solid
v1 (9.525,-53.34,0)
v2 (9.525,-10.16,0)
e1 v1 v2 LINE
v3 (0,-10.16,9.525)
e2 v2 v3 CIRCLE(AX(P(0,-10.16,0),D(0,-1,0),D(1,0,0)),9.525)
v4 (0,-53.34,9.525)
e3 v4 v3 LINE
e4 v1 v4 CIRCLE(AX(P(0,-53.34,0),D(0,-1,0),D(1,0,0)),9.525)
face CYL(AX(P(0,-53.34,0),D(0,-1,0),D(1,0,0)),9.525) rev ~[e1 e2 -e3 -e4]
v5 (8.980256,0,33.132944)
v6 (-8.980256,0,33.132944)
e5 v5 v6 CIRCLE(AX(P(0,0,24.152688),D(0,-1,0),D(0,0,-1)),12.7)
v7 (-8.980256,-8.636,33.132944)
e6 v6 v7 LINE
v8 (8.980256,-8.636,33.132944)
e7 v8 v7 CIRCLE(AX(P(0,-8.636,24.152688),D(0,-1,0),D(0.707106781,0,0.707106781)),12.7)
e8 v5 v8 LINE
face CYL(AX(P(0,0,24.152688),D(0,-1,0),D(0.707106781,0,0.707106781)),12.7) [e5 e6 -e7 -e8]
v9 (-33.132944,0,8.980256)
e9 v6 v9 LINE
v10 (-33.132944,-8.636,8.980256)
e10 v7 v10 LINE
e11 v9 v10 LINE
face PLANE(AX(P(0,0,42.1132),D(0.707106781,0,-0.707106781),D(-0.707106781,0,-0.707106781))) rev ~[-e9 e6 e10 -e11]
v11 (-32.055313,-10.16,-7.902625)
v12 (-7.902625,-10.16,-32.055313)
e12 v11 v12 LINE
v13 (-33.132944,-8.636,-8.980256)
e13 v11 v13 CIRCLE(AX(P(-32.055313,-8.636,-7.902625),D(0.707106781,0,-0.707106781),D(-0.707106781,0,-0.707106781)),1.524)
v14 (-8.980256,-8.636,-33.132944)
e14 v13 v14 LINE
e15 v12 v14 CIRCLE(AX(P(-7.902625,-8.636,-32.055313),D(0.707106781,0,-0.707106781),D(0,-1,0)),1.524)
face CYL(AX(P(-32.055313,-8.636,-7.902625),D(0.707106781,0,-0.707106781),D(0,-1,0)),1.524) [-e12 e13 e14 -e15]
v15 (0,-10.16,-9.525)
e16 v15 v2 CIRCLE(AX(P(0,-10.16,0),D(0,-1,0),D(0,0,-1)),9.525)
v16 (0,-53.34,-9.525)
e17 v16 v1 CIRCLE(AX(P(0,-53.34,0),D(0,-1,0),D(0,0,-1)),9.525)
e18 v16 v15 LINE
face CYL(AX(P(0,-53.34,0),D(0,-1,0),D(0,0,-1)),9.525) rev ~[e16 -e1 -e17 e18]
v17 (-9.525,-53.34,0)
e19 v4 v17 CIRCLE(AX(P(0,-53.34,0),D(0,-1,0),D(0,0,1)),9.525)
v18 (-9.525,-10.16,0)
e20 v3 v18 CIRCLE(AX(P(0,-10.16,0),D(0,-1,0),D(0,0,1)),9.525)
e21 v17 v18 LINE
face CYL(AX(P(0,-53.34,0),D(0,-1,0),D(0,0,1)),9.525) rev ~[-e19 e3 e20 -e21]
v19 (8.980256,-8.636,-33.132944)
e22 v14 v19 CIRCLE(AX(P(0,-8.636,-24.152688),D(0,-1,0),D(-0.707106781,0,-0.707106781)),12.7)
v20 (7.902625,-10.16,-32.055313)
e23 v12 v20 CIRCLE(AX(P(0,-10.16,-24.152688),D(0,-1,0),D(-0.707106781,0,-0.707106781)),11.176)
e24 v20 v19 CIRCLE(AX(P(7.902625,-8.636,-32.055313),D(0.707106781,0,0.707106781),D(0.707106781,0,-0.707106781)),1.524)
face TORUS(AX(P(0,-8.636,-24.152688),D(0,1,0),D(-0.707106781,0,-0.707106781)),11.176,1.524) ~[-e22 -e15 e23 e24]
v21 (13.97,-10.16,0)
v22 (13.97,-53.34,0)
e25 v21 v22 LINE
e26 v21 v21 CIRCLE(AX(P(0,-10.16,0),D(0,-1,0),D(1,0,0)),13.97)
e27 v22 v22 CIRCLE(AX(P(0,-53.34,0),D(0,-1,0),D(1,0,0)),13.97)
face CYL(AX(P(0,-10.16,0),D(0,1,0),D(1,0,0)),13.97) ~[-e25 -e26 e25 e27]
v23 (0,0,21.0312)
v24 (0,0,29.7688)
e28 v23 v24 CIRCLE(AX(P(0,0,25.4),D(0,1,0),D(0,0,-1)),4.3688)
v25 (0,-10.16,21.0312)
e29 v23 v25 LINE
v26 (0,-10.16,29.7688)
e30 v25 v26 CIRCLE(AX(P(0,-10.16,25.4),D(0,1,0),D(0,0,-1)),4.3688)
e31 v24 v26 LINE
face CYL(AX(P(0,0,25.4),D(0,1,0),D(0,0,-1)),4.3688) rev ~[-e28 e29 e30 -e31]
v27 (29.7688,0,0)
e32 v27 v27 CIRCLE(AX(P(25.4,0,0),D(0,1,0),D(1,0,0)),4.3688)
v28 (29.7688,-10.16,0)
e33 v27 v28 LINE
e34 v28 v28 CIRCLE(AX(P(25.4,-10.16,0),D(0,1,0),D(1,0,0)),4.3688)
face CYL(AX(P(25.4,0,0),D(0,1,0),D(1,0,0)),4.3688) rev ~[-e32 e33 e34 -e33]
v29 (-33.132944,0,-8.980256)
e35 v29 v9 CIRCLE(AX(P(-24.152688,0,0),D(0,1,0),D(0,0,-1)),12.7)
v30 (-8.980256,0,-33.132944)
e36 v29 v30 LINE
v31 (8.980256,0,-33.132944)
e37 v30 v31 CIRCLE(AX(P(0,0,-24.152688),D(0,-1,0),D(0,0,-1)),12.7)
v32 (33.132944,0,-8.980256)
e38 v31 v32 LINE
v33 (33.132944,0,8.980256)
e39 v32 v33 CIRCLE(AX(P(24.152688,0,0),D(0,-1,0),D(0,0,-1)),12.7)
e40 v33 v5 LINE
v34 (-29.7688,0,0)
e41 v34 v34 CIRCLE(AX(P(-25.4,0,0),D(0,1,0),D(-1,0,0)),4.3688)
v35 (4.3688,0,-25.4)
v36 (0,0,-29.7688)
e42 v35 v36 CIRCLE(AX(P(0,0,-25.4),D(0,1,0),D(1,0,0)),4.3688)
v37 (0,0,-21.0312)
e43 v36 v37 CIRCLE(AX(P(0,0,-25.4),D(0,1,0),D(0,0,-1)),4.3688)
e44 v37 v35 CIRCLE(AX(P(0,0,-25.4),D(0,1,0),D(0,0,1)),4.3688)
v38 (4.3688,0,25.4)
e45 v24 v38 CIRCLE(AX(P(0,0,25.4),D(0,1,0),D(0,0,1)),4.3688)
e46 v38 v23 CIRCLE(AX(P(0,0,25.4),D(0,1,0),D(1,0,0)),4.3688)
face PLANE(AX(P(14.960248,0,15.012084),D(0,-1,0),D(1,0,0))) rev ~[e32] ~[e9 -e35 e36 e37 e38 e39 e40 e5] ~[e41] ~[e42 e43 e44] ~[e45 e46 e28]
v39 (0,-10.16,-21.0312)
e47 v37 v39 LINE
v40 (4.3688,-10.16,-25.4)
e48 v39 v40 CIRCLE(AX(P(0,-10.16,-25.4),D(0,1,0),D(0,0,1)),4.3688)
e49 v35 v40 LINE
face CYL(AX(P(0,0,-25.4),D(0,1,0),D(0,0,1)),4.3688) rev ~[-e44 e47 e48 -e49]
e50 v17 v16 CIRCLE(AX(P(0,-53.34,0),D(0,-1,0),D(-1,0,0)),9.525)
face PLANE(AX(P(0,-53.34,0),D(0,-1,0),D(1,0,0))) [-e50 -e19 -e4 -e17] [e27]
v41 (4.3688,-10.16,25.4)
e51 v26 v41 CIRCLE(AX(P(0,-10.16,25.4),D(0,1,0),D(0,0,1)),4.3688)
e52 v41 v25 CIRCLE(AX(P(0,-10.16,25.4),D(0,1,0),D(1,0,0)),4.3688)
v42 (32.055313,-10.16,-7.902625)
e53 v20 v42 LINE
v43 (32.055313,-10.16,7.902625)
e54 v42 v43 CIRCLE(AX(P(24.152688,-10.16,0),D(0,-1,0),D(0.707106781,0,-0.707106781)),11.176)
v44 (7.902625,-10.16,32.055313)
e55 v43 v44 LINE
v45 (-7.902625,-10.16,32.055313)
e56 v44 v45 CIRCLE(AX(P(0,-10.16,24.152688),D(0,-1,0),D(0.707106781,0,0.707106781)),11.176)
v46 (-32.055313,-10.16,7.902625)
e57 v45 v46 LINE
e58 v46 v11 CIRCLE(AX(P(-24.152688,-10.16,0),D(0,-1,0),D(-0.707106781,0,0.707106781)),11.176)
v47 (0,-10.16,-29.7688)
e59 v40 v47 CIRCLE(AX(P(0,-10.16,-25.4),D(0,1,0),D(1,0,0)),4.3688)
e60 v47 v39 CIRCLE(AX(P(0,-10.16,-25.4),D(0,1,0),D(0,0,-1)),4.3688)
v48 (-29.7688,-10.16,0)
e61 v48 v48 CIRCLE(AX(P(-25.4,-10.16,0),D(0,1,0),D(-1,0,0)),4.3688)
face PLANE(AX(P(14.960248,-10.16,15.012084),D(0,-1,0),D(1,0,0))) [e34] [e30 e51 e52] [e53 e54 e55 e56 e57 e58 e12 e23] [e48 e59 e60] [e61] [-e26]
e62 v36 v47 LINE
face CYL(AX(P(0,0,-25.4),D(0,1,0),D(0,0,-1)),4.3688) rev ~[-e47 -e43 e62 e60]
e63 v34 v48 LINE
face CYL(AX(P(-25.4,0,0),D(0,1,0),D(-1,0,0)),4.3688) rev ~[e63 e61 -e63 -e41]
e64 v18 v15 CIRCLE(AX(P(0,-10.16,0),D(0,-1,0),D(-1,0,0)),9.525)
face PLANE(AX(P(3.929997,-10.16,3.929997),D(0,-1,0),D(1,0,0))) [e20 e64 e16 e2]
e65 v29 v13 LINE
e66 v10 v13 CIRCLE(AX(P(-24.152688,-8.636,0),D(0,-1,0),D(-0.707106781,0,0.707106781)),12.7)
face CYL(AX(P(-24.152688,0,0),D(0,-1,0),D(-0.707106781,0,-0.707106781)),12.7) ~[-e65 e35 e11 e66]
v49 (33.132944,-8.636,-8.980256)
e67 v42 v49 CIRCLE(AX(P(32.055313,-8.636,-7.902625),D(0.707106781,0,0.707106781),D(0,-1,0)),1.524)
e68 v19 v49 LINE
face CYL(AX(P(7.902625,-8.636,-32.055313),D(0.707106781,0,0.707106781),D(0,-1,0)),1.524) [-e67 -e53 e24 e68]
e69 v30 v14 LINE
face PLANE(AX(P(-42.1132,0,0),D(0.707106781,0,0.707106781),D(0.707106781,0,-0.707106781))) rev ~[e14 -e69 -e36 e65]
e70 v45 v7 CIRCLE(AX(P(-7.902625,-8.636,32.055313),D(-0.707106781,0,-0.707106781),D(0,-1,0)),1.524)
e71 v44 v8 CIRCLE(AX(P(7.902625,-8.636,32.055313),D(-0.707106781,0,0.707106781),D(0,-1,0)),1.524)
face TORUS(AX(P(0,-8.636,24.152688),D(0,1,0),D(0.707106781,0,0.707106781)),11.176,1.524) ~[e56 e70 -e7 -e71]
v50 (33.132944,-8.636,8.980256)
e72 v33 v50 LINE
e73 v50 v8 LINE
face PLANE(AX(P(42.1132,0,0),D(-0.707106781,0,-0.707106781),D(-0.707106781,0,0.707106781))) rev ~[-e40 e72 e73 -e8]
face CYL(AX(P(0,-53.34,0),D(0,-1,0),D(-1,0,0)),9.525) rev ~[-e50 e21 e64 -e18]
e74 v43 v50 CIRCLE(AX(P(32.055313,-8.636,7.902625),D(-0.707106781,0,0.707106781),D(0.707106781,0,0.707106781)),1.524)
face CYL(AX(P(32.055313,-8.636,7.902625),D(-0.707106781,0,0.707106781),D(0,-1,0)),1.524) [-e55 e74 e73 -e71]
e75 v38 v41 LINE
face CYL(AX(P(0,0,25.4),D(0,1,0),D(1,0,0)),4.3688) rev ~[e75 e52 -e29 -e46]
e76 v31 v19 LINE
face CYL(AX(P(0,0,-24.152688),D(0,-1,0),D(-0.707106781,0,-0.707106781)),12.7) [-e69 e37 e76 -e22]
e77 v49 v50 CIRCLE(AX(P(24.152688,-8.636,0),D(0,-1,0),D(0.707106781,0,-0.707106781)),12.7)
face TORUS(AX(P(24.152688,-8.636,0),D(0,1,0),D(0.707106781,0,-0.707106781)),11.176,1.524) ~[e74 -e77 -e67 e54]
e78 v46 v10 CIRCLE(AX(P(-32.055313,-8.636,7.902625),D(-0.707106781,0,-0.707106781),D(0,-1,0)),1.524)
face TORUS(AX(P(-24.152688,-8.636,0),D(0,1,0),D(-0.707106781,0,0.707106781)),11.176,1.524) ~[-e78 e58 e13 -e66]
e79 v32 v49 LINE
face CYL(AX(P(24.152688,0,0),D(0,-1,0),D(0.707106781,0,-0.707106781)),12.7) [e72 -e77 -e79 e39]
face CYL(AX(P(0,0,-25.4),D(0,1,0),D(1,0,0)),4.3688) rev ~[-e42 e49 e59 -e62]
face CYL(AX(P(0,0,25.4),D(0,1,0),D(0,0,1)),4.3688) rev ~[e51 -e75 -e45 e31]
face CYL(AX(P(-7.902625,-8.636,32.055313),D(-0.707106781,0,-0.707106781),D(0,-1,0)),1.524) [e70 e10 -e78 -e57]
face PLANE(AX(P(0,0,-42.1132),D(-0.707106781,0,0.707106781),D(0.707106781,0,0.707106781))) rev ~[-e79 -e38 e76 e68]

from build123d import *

# Parameters (mm, degrees)
F1_DEPTH = 10.16
F2_R     = 12.7
F3_R     = 12.7
F4_R     = 1.524
F5_R     = 13.97
F6_DEPTH = 43.18
F8_DEPTH = 43.18


with BuildPart() as f1:
    # F0 (on Front) → F1 (new body)
    with BuildSketch(Plane.XZ):
        with BuildLine():
            Line((0, 21.0312), (0, 0))
            Line((0, 0), (21.0312, 0))
            ThreePointArc((21.0312, 0), (25.4, 4.3688), (29.7688, 0))
            Line((29.7688, 0), (42.1132, 0))
            Line((42.1132, 0), (0, 42.1132))
            Line((0, 42.1132), (0, 29.7688))
            ThreePointArc((0, 29.7688), (3.0892081056, 28.4892081056), (4.3688, 25.4))
            ThreePointArc((4.3688, 25.4), (3.0892081056, 22.3107918944), (0, 21.0312))
        make_face()
        with BuildLine():
            Line((21.0312, 0), (0, 0))
            Line((0, 0), (0, -21.0312))
            ThreePointArc((0, -21.0312), (3.0892081056, -22.3107918944), (4.3688, -25.4))
            ThreePointArc((4.3688, -25.4), (3.0892081056, -28.4892081056), (0, -29.7688))
            Line((0, -29.7688), (0, -42.1132))
            Line((0, -42.1132), (42.1132, 0))
            Line((42.1132, 0), (29.7688, 0))
            ThreePointArc((29.7688, 0), (25.4, -4.3688), (21.0312, 0))
        make_face()
        with BuildLine():
            Line((0, -21.0312), (0, 0))
            Line((0, 0), (-21.0312, 0))
            ThreePointArc((-21.0312, 0), (-25.4, -4.3688), (-29.7688, 0))
            Line((-29.7688, 0), (-42.1132, 0))
            Line((-42.1132, 0), (0, -42.1132))
            Line((0, -42.1132), (0, -29.7688))
            ThreePointArc((0, -29.7688), (-4.3688, -25.4), (0, -21.0312))
        make_face()
        with BuildLine():
            Line((-21.0312, 0), (0, 0))
            Line((0, 0), (0, 21.0312))
            ThreePointArc((0, 21.0312), (-4.3688, 25.4), (0, 29.7688))
            Line((0, 29.7688), (0, 42.1132))
            Line((0, 42.1132), (-42.1132, 0))
            Line((-42.1132, 0), (-29.7688, 0))
            ThreePointArc((-29.7688, 0), (-25.4, 4.3688), (-21.0312, 0))
        make_face()
    extrude(amount=F1_DEPTH)

    # F2
    f2_edges = [f1.edges().sort_by_distance(p)[0] for p in [
        (0, -5.08, 42.1132),
        (-42.1132, -5.08, 0),
    ]]
    fillet(f2_edges, radius=F2_R)

    # F3
    f3_edges = [f1.edges().sort_by_distance(p)[0] for p in [
        (42.1132, -5.08, 0),
        (0, -5.08, -42.1132),
    ]]
    fillet(f3_edges, radius=F3_R)

    # F4
    f4_edges = [f1.edges().sort_by_distance(p)[0] for p in [
        (-21.0566, -10.16, 21.0566),
        (0, -10.16, 36.852688),
        (21.0566, -10.16, 21.0566),
        (36.852688, -10.16, 0),
        (21.0566, -10.16, -21.0566),
        (0, -10.16, -36.852688),
        (-21.0566, -10.16, -21.0566),
        (-36.852688, -10.16, 0),
    ]]
    fillet(f4_edges, radius=F4_R)

    # F5 (on face) → F6 (join)
    with BuildSketch(Plane.XZ.offset(10.16)):
        Circle(F5_R)
    extrude(amount=F6_DEPTH)

    # F7 (on face) → F8 (cut)
    with BuildSketch(Plane.XZ.offset(53.34)):
        with BuildLine():
            Line((0, 0), (9.525, 0))
            ThreePointArc((9.525, 0), (6.7351920908, 6.7351920908), (0, 9.525))
            Line((0, 9.525), (0, 0))
        make_face()
        with BuildLine():
            Line((0, 0), (0, 9.525))
            ThreePointArc((0, 9.525), (-6.7351920908, 6.7351920908), (-9.525, 0))
            Line((-9.525, 0), (0, 0))
        make_face()
        with BuildLine():
            ThreePointArc((-9.525, 0), (-6.7351920908, -6.7351920908), (0, -9.525))
            Line((0, -9.525), (0, 0))
            Line((0, 0), (-9.525, 0))
        make_face()
        with BuildLine():
            ThreePointArc((0, -9.525), (6.7351920908, -6.7351920908), (9.525, 0))
            Line((9.525, 0), (0, 0))
            Line((0, 0), (0, -9.525))
        make_face()
    extrude(amount=-F8_DEPTH, mode=Mode.SUBTRACT)


solid = f1.part
